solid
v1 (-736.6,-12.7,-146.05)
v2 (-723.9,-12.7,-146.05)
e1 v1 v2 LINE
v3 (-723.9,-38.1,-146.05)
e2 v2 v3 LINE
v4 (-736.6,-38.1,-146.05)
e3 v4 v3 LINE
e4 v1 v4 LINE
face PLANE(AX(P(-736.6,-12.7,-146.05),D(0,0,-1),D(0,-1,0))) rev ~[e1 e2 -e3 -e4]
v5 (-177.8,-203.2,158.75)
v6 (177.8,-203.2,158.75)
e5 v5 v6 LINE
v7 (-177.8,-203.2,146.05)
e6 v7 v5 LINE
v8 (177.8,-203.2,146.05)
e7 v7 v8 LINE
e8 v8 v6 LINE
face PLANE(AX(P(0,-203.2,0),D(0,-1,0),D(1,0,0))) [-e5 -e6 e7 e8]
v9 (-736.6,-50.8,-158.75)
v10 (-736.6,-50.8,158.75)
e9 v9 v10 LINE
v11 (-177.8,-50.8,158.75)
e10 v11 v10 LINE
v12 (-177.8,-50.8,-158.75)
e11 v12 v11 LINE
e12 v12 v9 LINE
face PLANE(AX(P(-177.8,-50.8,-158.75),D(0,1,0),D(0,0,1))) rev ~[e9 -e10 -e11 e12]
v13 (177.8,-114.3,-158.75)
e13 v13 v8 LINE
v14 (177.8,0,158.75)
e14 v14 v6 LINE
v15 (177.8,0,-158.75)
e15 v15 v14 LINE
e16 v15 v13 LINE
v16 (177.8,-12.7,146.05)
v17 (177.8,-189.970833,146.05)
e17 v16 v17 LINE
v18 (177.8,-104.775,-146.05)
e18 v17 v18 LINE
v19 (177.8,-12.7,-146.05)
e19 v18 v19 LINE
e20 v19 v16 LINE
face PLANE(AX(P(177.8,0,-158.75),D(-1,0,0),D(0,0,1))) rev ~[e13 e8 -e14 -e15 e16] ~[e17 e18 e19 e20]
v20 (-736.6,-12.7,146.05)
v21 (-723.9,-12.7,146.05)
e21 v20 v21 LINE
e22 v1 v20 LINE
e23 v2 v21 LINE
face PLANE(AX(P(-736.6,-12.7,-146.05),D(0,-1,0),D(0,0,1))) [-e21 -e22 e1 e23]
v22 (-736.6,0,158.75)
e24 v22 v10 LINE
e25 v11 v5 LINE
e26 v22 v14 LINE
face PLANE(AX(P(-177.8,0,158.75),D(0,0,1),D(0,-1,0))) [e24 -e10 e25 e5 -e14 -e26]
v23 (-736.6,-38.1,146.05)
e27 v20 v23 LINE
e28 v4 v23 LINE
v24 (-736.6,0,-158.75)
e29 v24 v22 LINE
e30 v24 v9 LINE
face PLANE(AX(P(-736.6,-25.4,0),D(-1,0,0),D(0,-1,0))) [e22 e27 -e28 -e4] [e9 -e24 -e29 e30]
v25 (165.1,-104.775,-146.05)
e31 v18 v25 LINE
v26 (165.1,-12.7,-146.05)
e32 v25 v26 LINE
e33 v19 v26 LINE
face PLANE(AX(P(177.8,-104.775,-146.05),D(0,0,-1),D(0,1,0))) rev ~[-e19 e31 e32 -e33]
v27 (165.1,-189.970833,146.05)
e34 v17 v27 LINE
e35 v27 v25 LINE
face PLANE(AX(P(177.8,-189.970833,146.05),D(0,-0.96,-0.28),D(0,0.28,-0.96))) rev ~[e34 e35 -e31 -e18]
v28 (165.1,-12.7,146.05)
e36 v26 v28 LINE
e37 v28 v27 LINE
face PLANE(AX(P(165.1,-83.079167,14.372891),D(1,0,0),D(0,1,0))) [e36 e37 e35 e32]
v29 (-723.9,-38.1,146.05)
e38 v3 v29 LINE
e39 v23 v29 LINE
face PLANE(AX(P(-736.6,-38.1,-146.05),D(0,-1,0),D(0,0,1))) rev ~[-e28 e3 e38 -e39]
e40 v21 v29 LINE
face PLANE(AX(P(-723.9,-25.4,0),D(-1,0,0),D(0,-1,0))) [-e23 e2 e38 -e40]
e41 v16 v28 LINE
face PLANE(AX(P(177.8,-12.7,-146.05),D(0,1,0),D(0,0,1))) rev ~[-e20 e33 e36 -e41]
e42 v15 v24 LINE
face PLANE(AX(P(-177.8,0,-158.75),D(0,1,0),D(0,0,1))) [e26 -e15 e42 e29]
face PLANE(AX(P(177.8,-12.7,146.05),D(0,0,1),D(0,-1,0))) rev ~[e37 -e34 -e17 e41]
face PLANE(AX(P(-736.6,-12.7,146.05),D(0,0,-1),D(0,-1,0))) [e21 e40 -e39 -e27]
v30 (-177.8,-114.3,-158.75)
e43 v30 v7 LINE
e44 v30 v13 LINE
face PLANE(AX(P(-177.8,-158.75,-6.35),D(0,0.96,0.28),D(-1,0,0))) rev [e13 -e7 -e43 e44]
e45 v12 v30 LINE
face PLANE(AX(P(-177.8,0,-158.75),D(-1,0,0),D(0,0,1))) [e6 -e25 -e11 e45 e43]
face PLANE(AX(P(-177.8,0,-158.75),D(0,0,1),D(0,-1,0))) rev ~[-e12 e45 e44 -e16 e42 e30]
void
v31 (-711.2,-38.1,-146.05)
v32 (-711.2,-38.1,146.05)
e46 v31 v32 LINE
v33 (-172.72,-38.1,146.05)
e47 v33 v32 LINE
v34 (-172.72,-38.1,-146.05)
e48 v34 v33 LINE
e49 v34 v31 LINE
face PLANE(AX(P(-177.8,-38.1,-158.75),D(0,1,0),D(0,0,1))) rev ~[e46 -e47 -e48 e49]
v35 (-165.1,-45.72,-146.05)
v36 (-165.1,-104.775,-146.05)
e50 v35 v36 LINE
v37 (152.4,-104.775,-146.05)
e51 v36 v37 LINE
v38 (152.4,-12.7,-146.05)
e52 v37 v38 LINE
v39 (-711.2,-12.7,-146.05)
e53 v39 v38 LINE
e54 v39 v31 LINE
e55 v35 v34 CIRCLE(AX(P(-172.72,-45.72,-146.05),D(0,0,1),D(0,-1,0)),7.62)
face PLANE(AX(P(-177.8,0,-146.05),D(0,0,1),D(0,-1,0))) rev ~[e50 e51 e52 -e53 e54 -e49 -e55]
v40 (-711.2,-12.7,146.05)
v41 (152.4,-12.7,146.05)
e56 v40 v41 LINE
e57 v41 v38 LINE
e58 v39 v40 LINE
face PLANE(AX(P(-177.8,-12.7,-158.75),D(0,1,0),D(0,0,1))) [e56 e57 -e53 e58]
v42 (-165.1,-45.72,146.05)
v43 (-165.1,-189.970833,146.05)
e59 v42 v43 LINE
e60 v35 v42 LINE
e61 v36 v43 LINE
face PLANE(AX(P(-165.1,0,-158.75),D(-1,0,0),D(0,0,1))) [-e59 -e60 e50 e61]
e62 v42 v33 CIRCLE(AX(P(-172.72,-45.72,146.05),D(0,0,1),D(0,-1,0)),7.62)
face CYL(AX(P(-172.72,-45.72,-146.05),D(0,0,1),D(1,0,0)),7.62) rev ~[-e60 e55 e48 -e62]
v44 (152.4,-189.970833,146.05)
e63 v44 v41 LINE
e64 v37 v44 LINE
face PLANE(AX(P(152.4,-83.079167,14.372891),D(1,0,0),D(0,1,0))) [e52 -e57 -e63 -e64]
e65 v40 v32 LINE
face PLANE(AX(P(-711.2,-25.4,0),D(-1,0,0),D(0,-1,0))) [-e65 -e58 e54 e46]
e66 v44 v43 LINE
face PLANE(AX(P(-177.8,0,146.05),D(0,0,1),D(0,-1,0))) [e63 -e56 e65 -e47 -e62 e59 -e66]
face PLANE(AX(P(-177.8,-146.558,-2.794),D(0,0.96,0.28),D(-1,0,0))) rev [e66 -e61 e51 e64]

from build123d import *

# Parameters (mm, degrees)
F0_W     = 355.6
F0_H     = 317.5
F1_DEPTH = 203.2
F3_SIZE2 = 304.8
F3_SIZE  = 88.9
F4_W     = 50.8
F4_H     = 317.5
F5_DEPTH = 558.8
F7_DEPTH = 12.7
F8_W     = 25.4
F8_H     = 292.1
F9_DEPTH = 12.7
F10_T    = -12.7
F13_R    = 7.62


with BuildPart() as f1:
    # F0 (on Front) → F1 (new body)
    with BuildSketch(Plane.XZ):
        Rectangle(F0_W, F0_H)
    extrude(amount=F1_DEPTH)

    # F3
    f3_edges = [f1.edges().sort_by_distance(p)[0] for p in [
        (0, -203.2, -158.75),
    ]]
    f3_side = f1.faces().sort_by_distance((0, -101.6, -158.75))[0]
    chamfer(f3_edges, length=F3_SIZE, length2=F3_SIZE2, reference=f3_side)

    # F4 (on face) → F5 (join)
    with BuildSketch(Plane(origin=(-177.8, 0, 0), x_dir=(0, -1, 0), z_dir=(-1, 0, 0))):
        with Locations((25.4, 0)):
            Rectangle(F4_W, F4_H)
    extrude(amount=F5_DEPTH)

    # F6 (on face) → F7 (cut)
    with BuildSketch(Plane.YZ.offset(177.8)):
        Polygon((-12.7, 146.05), (-189.9708333333, 146.05), (-104.775, -146.05), (-12.7, -146.05), align=None)
    extrude(amount=-F7_DEPTH, mode=Mode.SUBTRACT)

    # F8 (on face) → F9 (cut)
    with BuildSketch(Plane(origin=(-736.6, 0, 0), x_dir=(0, -1, 0), z_dir=(-1, 0, 0))):
        with Locations((25.4, 0)):
            Rectangle(F8_W, F8_H)
    extrude(amount=-F9_DEPTH, mode=Mode.SUBTRACT)

    # F10 (hollow: no face is removed)
    offset(amount=F10_T, kind=Kind.INTERSECTION, mode=Mode.SUBTRACT)

    # F13
    f13_edges = [f1.edges().sort_by_distance(p)[0] for p in [
        (-165.1, -38.1, 0),
    ]]
    fillet(f13_edges, radius=F13_R)


solid = f1.part
